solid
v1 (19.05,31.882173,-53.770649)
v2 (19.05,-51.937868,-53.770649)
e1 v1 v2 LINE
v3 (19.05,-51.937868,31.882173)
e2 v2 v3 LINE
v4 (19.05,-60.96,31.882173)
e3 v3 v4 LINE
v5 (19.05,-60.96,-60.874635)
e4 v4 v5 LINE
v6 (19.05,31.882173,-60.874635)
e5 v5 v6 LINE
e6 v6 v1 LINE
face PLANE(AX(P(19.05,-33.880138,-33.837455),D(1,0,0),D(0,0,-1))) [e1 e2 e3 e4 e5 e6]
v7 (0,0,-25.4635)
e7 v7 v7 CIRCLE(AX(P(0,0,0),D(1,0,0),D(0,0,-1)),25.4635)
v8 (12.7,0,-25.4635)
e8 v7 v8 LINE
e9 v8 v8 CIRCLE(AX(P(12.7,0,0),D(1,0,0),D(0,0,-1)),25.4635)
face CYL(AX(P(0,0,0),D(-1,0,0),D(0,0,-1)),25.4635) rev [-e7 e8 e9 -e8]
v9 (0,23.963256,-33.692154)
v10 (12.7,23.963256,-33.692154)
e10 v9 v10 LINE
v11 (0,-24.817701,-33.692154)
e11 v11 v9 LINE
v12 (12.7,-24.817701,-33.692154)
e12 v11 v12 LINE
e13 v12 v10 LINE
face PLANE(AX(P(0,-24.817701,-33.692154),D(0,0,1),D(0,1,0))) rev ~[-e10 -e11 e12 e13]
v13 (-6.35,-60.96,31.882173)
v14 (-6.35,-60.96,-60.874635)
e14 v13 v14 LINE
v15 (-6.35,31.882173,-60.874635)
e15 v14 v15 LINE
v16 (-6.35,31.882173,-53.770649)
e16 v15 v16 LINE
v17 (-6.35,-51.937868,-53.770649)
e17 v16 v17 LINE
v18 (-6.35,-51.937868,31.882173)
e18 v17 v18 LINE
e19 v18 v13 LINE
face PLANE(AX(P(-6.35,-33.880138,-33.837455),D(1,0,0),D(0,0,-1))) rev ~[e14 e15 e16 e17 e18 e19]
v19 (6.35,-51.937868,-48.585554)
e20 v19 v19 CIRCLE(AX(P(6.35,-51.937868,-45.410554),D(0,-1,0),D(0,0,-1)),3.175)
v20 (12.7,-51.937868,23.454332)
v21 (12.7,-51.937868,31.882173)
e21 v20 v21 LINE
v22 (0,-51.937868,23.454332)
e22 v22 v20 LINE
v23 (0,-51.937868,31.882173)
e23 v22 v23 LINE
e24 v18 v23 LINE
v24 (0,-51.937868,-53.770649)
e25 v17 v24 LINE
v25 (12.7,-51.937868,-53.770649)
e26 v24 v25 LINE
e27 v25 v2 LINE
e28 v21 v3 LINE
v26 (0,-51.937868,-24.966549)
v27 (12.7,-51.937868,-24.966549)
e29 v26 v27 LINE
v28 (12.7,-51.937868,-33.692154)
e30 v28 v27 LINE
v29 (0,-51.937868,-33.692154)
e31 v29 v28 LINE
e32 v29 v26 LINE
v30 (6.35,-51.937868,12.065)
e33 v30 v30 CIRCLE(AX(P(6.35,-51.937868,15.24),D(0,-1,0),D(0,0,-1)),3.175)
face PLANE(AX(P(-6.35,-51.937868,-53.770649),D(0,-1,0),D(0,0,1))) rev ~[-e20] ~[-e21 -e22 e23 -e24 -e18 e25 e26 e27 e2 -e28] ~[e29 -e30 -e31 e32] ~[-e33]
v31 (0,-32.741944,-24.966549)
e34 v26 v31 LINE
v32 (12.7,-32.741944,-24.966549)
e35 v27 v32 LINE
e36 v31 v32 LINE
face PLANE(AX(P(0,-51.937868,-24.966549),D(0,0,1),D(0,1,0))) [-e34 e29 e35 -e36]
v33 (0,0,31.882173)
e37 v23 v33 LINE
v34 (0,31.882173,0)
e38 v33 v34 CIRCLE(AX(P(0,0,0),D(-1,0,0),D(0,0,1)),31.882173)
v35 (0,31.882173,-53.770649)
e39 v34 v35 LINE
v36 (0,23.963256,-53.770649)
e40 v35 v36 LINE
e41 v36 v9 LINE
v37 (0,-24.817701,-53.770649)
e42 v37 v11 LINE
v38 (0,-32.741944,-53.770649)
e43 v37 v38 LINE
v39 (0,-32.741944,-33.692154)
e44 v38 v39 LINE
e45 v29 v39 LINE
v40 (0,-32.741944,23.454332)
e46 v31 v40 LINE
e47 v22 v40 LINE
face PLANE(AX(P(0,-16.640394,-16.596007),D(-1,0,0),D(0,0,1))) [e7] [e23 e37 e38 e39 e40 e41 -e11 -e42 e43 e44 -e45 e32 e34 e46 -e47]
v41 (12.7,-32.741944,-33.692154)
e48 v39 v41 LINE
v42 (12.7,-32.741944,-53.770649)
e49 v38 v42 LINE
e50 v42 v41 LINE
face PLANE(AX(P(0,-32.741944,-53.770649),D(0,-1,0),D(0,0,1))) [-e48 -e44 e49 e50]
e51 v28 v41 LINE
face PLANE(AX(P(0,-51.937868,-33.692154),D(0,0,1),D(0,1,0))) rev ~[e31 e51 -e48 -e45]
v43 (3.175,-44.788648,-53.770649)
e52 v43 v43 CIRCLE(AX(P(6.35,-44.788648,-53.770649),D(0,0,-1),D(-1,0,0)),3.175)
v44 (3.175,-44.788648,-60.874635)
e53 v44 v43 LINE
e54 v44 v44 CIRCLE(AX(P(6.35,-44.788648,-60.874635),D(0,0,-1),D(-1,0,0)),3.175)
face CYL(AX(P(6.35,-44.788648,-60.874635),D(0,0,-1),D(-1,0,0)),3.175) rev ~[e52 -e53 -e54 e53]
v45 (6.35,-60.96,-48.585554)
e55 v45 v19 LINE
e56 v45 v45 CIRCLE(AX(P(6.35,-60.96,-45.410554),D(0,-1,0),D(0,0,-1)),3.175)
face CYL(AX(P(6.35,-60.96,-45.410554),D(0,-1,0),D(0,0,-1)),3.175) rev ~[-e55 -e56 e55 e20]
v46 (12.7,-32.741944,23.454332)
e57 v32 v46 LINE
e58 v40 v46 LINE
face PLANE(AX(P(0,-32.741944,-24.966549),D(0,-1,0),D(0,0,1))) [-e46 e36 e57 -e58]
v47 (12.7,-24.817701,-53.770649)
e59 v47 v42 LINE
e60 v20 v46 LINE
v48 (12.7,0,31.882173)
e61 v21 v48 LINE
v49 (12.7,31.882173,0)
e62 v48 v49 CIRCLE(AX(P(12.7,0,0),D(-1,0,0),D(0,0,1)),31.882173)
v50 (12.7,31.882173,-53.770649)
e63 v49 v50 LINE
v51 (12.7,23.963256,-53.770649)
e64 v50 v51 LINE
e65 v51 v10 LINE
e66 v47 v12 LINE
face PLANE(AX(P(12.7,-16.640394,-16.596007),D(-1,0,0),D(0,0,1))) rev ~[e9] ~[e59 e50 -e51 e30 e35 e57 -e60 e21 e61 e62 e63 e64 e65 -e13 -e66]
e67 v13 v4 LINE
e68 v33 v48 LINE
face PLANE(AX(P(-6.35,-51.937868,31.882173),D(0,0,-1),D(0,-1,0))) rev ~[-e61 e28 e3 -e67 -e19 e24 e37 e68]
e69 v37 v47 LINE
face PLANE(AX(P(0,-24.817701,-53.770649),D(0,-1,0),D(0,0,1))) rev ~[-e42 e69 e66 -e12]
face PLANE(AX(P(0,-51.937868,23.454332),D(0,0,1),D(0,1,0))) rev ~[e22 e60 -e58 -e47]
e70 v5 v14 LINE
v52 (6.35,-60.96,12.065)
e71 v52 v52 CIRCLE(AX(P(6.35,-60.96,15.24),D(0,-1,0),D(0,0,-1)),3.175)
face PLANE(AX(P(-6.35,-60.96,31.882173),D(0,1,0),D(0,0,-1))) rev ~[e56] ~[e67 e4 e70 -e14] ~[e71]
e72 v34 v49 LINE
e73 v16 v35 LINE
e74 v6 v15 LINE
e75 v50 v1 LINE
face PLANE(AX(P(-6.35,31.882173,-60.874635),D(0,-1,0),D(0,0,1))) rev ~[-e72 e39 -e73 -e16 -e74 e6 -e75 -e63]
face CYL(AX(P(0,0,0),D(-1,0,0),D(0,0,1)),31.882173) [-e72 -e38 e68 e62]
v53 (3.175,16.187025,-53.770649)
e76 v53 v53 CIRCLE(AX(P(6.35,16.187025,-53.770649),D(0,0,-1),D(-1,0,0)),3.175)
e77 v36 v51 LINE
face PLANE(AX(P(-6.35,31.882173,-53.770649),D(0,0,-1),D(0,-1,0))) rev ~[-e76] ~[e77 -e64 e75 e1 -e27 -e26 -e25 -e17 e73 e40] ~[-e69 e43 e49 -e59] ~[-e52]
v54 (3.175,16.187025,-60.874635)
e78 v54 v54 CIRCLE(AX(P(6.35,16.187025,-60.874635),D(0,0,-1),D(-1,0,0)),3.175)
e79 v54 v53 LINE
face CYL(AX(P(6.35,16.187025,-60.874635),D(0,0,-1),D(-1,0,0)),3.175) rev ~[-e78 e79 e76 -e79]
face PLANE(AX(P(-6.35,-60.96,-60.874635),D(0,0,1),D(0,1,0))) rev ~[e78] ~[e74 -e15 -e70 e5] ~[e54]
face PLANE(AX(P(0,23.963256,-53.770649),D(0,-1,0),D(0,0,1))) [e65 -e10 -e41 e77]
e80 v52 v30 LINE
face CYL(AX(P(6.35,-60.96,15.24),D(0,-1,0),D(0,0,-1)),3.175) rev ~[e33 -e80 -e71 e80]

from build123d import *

# Parameters (mm, degrees)
SKETCH1_R                = 25.4635
BOSS_EXTRUDE1_DEPTH      = 12.7
BOSS_EXTRUDE2_DEPTH      = 6.35
BOSS_EXTRUDE2_DEPTH_BACK = 19.05
SKETCH4_W                = 20.078494948
SKETCH4_H                = 48.78095735
SKETCH4_W_2              = 48.420880553
SKETCH4_H_2              = 19.195923741
CUT_EXTRUDE2_DEPTH       = 26.162
SKETCH5_R                = 3.175
CUT_EXTRUDE3_DEPTH       = 11.43
SKETCH6_R                = 3.175
CUT_EXTRUDE4_DEPTH       = 11.43


with BuildPart() as part:
    # Sketch1 → Boss-Extrude1 (new body)
    with BuildSketch(Plane(origin=(0, 0, 0), x_dir=(0, 0, -1), z_dir=(1, 0, 0))):
        with BuildLine():
            Line((0, 31.882172919), (31.882172919, 31.882172919))
            Line((31.882172919, 31.882172919), (60.87463474, 31.882172919))
            Line((60.87463474, 31.882172919), (60.87463474, -60.96))
            Line((60.87463474, -60.96), (-31.882172919, -60.96))
            Line((-31.882172919, -60.96), (-31.882172919, 0))
            ThreePointArc((-31.882172919, 0), (-22.54410067, 22.54410067), (0, 31.882172919))
        make_face()
        Circle(SKETCH1_R, mode=Mode.SUBTRACT)
    extrude(amount=BOSS_EXTRUDE1_DEPTH)

    # Sketch8 → Boss-Extrude2 (add, two sides: drawn at the far end of the back side and taken through both)
    with BuildSketch(Plane(origin=(12.7, 0, 0), x_dir=(0, 0, -1), z_dir=(1, 0, 0)).offset(-BOSS_EXTRUDE2_DEPTH_BACK)):
        Polygon((60.87463474, 31.882172919), (53.770648903, 31.882172919), (53.770648903, -51.937867719), (-31.882172919, -51.937867719), (-31.882172919, -60.96), (53.770648903, -60.96), (60.87463474, -60.96), align=None)
    extrude(amount=BOSS_EXTRUDE2_DEPTH + BOSS_EXTRUDE2_DEPTH_BACK)

    # Sketch4 → Cut-Extrude2 (cut)
    with BuildSketch(Plane.ZY):
        with Locations((-43.731401429, -0.427222634)):
            Rectangle(SKETCH4_W, SKETCH4_H)
        with Locations((-0.75610861, -42.339905849)):
            Rectangle(SKETCH4_W_2, SKETCH4_H_2)
        with Locations((-43.731401429, -42.339905849)):
            Rectangle(SKETCH4_W, SKETCH4_H_2)
    extrude(amount=-CUT_EXTRUDE2_DEPTH, mode=Mode.SUBTRACT)

    # Sketch5 → Cut-Extrude3 (cut)
    with BuildSketch(Plane(origin=(0, 0, -60.87463474), x_dir=(-1, 0, 0), z_dir=(0, 0, -1))):
        with Locations((-6.35, 16.187024645)):
            Circle(SKETCH5_R)
        with Locations((-6.35, -44.788648077)):
            Circle(SKETCH5_R)
    extrude(amount=-CUT_EXTRUDE3_DEPTH, mode=Mode.SUBTRACT)

    # Sketch6 → Cut-Extrude4 (cut)
    with BuildSketch(Plane.XZ.offset(60.96)):
        with Locations((6.35, 15.24)):
            Circle(SKETCH6_R)
        with Locations((6.35, -45.41055385)):
            Circle(SKETCH6_R)
    extrude(amount=-CUT_EXTRUDE4_DEPTH, mode=Mode.SUBTRACT)


solid = part.part
